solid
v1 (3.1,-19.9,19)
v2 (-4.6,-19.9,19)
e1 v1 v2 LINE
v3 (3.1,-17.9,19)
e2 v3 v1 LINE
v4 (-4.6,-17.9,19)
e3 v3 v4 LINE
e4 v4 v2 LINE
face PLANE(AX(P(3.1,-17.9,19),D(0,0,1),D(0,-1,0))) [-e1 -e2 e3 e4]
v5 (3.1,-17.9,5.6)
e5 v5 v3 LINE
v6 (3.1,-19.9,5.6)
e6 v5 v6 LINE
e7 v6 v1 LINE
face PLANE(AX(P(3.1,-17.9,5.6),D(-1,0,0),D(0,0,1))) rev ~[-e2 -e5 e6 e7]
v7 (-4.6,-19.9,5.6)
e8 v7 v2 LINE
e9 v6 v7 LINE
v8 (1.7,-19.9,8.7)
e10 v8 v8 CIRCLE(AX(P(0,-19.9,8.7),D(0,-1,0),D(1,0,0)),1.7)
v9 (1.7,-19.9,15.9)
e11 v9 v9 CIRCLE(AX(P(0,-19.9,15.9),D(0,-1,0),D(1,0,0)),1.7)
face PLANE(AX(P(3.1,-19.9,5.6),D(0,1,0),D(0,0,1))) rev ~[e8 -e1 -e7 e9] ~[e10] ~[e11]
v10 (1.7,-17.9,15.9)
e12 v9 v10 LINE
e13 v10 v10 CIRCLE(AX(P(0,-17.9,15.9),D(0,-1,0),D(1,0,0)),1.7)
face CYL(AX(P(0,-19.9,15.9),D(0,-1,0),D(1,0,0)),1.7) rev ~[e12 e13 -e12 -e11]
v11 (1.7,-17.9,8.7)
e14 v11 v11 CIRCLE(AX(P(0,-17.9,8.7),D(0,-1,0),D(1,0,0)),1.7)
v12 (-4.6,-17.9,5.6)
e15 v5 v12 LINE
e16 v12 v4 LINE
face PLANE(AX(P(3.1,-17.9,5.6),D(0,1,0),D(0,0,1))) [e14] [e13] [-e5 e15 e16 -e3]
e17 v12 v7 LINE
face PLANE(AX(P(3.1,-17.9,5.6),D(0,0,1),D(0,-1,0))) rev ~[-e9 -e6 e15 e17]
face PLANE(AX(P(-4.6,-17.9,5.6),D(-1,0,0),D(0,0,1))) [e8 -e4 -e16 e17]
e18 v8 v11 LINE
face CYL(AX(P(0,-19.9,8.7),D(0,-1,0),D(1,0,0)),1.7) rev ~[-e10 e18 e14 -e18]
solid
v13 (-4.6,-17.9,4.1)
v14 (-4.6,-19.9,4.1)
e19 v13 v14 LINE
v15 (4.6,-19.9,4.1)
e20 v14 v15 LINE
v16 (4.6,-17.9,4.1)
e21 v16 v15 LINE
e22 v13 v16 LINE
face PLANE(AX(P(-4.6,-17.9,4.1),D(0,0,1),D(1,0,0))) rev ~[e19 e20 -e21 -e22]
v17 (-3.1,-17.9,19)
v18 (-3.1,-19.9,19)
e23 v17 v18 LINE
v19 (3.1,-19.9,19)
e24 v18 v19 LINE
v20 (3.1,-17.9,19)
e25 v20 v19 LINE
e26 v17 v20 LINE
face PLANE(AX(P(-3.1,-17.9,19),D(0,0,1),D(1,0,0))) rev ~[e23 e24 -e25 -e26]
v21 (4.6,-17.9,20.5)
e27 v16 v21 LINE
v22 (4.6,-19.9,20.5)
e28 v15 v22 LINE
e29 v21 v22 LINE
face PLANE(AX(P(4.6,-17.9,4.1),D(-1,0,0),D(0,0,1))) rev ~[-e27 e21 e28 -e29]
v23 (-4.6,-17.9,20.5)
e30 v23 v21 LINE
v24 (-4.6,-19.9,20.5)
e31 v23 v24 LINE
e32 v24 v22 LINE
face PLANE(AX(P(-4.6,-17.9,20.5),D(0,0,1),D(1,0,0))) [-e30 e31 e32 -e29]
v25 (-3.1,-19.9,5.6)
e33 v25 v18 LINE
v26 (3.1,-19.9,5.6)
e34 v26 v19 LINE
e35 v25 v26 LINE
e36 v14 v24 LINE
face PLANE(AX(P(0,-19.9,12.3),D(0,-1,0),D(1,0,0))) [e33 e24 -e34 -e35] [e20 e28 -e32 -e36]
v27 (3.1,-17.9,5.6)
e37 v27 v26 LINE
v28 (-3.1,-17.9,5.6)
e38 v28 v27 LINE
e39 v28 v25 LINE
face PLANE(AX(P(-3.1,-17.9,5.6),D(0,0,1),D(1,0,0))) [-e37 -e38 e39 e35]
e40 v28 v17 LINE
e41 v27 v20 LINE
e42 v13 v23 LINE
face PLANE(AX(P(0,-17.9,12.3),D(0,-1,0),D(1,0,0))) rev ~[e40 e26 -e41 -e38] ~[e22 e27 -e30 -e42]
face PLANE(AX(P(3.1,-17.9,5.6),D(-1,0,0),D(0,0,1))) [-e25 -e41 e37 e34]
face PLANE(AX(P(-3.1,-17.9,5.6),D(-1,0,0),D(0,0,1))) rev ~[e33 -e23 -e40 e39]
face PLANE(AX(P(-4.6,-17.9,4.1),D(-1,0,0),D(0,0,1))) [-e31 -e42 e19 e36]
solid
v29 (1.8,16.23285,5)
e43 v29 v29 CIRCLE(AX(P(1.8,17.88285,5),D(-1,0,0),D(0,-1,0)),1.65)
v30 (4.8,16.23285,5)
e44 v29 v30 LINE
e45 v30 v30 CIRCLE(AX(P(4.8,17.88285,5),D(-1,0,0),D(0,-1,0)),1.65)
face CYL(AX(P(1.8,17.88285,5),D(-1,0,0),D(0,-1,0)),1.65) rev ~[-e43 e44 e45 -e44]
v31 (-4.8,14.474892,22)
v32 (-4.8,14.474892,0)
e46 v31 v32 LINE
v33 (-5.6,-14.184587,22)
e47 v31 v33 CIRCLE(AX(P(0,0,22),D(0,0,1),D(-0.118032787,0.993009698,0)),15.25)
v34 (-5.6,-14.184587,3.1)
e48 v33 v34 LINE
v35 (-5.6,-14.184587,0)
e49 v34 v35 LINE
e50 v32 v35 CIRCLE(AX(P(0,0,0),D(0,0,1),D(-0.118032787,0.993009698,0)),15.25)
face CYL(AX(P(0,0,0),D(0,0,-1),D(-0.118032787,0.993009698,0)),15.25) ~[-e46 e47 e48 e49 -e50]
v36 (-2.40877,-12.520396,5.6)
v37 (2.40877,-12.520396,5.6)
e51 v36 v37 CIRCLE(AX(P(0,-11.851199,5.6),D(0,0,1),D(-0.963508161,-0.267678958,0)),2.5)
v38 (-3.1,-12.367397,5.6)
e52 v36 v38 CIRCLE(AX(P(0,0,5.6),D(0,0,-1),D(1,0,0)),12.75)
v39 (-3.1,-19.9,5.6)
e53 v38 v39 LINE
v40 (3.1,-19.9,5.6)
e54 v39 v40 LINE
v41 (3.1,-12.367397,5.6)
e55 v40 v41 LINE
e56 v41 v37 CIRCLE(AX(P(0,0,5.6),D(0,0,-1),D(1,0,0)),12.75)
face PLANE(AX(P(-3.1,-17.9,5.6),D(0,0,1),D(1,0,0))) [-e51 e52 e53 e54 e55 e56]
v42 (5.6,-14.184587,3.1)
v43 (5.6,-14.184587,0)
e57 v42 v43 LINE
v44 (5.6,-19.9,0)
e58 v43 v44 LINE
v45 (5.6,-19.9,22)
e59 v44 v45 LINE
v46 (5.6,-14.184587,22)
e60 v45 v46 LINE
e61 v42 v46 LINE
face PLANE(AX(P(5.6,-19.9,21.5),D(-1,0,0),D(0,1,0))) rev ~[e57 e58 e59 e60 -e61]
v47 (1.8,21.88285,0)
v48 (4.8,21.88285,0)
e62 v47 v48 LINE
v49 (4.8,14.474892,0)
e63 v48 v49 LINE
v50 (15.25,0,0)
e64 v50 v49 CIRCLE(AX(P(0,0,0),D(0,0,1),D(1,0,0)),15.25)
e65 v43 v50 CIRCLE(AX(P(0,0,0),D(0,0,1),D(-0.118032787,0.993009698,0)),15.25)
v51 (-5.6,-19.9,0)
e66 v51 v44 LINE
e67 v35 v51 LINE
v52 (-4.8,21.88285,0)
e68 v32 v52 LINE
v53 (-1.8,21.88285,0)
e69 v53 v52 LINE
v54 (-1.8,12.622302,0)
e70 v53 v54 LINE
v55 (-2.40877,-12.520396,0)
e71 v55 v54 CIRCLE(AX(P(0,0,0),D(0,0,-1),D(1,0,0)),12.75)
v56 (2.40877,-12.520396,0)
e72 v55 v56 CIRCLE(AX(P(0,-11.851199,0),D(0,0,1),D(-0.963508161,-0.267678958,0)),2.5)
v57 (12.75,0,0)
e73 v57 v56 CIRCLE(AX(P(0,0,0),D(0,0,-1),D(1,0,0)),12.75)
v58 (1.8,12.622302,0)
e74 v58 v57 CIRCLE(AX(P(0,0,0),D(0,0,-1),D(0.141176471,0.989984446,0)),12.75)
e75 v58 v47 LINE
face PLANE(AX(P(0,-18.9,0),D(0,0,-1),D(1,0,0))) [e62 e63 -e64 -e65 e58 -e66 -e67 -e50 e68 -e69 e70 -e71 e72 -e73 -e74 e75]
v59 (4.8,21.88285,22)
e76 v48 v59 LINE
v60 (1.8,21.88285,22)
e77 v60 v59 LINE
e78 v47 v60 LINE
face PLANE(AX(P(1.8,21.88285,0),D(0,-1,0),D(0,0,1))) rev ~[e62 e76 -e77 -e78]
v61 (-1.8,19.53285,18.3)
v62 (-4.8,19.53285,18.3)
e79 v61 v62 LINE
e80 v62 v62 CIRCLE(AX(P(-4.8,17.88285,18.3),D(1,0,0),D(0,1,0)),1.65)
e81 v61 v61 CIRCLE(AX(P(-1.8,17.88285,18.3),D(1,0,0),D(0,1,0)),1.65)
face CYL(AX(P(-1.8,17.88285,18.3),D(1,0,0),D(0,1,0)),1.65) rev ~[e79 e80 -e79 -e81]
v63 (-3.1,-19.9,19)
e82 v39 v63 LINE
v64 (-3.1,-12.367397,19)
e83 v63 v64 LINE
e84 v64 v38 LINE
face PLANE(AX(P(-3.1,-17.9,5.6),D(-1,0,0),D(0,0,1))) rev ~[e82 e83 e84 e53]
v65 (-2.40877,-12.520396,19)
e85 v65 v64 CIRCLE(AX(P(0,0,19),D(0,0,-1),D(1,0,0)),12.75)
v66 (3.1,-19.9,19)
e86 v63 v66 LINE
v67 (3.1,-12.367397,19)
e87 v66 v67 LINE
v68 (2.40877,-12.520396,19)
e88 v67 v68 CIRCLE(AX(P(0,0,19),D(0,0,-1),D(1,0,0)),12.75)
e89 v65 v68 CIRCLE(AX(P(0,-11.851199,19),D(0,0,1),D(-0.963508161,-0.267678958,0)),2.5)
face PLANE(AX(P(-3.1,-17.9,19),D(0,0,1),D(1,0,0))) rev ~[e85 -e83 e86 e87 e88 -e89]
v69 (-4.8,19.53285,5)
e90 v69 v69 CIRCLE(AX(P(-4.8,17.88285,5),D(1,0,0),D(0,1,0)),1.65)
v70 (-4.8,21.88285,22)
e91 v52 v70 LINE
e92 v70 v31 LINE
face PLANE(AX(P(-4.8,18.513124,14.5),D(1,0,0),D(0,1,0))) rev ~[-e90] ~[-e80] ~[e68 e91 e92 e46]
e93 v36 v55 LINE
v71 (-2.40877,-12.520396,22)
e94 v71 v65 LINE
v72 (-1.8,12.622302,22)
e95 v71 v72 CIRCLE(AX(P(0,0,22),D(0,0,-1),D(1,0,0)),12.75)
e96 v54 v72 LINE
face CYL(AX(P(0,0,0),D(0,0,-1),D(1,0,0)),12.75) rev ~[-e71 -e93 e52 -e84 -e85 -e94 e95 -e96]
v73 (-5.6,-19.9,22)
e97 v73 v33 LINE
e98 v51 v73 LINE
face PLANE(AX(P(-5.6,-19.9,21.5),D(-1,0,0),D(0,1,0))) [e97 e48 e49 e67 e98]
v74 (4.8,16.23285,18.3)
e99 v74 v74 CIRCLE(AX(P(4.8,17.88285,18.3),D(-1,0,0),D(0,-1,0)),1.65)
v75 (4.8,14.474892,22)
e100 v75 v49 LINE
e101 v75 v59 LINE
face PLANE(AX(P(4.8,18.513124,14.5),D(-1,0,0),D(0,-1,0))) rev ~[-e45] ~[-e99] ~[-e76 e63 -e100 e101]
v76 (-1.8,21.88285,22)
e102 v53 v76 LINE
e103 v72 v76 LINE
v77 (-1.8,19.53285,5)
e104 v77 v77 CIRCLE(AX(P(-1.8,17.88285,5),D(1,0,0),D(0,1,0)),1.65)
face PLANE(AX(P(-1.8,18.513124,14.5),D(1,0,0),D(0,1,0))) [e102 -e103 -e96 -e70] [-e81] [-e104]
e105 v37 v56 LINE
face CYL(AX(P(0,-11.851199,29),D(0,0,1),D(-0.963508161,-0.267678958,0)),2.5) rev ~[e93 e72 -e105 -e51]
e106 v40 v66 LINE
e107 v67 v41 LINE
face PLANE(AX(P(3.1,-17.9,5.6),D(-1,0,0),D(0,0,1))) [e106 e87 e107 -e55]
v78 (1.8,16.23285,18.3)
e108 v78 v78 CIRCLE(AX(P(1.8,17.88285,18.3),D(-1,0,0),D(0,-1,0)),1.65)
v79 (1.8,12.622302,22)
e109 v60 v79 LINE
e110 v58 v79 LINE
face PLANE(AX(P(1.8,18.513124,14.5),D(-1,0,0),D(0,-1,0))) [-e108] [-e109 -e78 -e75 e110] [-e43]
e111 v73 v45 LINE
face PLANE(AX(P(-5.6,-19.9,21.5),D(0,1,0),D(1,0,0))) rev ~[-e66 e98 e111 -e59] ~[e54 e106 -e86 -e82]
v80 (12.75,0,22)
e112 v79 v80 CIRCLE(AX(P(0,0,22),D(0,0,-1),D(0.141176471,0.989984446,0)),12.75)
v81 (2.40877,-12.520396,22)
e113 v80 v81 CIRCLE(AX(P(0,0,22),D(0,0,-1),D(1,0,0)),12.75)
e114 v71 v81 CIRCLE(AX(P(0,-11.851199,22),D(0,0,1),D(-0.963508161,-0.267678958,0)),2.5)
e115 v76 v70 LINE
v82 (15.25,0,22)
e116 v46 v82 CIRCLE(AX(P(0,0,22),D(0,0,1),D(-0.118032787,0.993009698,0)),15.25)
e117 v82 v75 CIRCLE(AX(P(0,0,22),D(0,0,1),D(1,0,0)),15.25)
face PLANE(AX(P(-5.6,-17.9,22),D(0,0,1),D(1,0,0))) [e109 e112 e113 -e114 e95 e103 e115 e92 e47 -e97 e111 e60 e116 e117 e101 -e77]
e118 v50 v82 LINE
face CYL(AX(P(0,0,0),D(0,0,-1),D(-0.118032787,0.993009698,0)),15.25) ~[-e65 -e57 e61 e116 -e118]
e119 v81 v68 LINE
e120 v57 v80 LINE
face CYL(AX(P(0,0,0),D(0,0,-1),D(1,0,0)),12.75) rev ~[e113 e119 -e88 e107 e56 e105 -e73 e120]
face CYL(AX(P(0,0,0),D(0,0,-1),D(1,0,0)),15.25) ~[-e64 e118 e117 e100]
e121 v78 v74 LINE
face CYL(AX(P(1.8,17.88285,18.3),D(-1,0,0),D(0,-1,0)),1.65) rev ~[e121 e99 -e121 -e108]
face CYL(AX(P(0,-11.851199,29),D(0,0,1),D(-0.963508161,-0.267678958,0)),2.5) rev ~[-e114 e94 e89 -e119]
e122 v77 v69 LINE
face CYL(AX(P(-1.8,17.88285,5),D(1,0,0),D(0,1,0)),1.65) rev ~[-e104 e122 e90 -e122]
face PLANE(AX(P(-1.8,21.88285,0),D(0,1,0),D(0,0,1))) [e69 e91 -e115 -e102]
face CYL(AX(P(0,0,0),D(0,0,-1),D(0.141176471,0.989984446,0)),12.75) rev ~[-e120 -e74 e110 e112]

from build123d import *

# Parameters (mm, degrees)
F1_DEPTH   = 29
F2_W       = 6.7394518952
F2_H       = 29
F2_R       = 1.65
F2_W_2     = 1.2605481048
F3_DEPTH   = 3
F4_W       = 6.7394518952
F4_H       = 29
F4_R       = 1.65
F4_W_2     = 1.2605481048
F5_DEPTH   = 3
F7_W       = 6.2
F7_H       = 13.4
F9_DEPTH   = 25
F8_W       = 11.2
F8_H       = 18.4
F8_W_2     = 6.2
F8_H_2     = 13.4
F10_DEPTH  = 4.1
F11_DEPTH  = 25
F12_W      = 9.2
F12_H      = 16.4
F12_W_2    = 6.2
F12_H_2    = 13.4
F13_DEPTH  = 2
F14_DEPTH  = 7.7
F15_R      = 1.7
F16_DEPTH  = 25
F17_DEPTH  = 2
F19_DEPTH  = 29
F17_FACE_W = 11.2
F17_FACE_H = 2
F20_DEPTH  = 3.1
F21_DEPTH  = 7.5
F22_DEPTH  = 7


with BuildPart() as f1:
    # F0 (on Top) → F1 (new body)
    with BuildSketch(Plane.XY):
        with BuildLine():
            ThreePointArc((1.8, 12.6223016918), (9.6310046205, 8.355013465), (12.75, 0))
            ThreePointArc((12.75, 0), (-8.355013465, -9.6310046205), (-1.8, 12.6223016918))
            Line((-1.8, 12.6223016918), (-1.8, 15.1433979014))
            ThreePointArc((-1.8, 15.1433979014), (-10.1270059741, -11.4020283283), (15.25, 0))
            ThreePointArc((15.25, 0), (11.4020283283, 10.1270059741), (1.8, 15.1433979014))
            Line((1.8, 15.1433979014), (1.8, 12.6223016918))
        make_face()
    extrude(amount=F1_DEPTH)

    # F2 (on face) → F3 (join)
    with BuildSketch(Plane.YZ.offset(-1.8)):
        with Locations((18.513123849, 14.5)):
            Rectangle(F2_W, F2_H)
        with Locations((17.8828497966, 5)):
            Circle(F2_R, mode=Mode.SUBTRACT)
        with Locations((17.8828497966, 18.3)):
            Circle(F2_R, mode=Mode.SUBTRACT)
        with Locations((14.513123849, 14.5)):
            Rectangle(F2_W_2, F2_H)
    extrude(amount=-F3_DEPTH)

    # F4 (on face) → F5 (join)
    with BuildSketch(Plane(origin=(1.8, 0, 0), x_dir=(0, -1, 0), z_dir=(-1, 0, 0))):
        with Locations((-18.513123849, 14.5)):
            Rectangle(F4_W, F4_H)
        with Locations((-17.8828497966, 5)):
            Circle(F4_R, mode=Mode.SUBTRACT)
        with Locations((-17.8828497966, 18.3)):
            Circle(F4_R, mode=Mode.SUBTRACT)
        with Locations((-14.513123849, 14.5)):
            Rectangle(F4_W_2, F4_H)
    extrude(amount=-F5_DEPTH)

    # F7 (on offset) → F9 (cut)
    with BuildSketch(Plane.XZ.offset(13.8)):
        with Locations((0, 12.3)):
            Rectangle(F7_W, F7_H)
    extrude(amount=F9_DEPTH, mode=Mode.SUBTRACT)

    # F8 (on offset) → F10 (join)
    with BuildSketch(Plane.XZ.offset(13.8)):
        with Locations((0, 12.3)):
            Rectangle(F8_W, F8_H)
        with Locations((0, 12.3)):
            Rectangle(F8_W_2, F8_H_2, mode=Mode.SUBTRACT)
    extrude(amount=F10_DEPTH)

    # F11 (cut): a face of the model
    f11_faces = [f1.faces().sort_by_distance(p)[0] for p in [
        (0, -13.8, 12.3),
    ]]
    extrude(f11_faces, amount=-F11_DEPTH, mode=Mode.SUBTRACT)


with BuildPart() as f13:
    # F12 (on face) → F13 (new body)
    with BuildSketch(Plane.XZ.offset(17.9)):
        with Locations((0, 12.3)):
            Rectangle(F12_W, F12_H)
        with Locations((0, 12.3)):
            Rectangle(F12_W_2, F12_H_2, mode=Mode.SUBTRACT)
    extrude(amount=F13_DEPTH)


with BuildPart() as f14:
    # F14 (new, through all): a face of the model
    f14_faces = [f13.part.faces().sort_by_distance(p)[0] for p in [
        (3.1, -18.9, 12.3),
    ]]
    extrude(f14_faces, amount=F14_DEPTH)

    # F15 (on face) → F16 (cut)
    with BuildSketch(Plane.XZ.offset(19.9)):
        with Locations((0, 15.9)):
            Circle(F15_R)
        with Locations((0, 8.7)):
            Circle(F15_R)
    extrude(amount=-F16_DEPTH, mode=Mode.SUBTRACT)


with BuildPart() as f17:
    # F17 (new, through all): a face of the model
    f17_faces = [f1.part.faces().sort_by_distance(p)[0] for p in [
        (5.3845934077, -17.9, 12.3),
    ]]
    extrude(f17_faces, amount=F17_DEPTH)


with BuildPart() as f1_1:
    add(f1.part)

    # F18 (on face) → F19 (cut, through all)
    with BuildSketch(Plane.XY.offset(29)):
        with BuildLine():
            ThreePointArc((2.4087704015, -12.5203963656), (0, -12.75), (-2.4087704015, -12.5203963656))
            ThreePointArc((-2.4087704015, -12.5203963656), (0, -14.3511989713), (2.4087704015, -12.5203963656))
        make_face()
    extrude(amount=-F19_DEPTH, mode=Mode.SUBTRACT)

    add(f17.part)  # F20 merges F17
    # F17_face (on face) + F10_face1 (on face) → F20 (join, through all)
    with BuildSketch(Plane(origin=(0, -18.9, 3.1), x_dir=(1, 0, 0), z_dir=(0, 0, -1))):
        Rectangle(F17_FACE_W, F17_FACE_H)
    with BuildSketch(Plane(origin=(0, -16.3833509028, 3.1), x_dir=(1, 0, 0), z_dir=(0, 0, -1))):
        with BuildLine():
            ThreePointArc((-5.6, -2.1987641975), (0, -1.1333509028), (5.6, -2.1987641975))
            Line((5.6, -2.1987641975), (5.6, 1.5166490972))
            Line((5.6, 1.5166490972), (-5.6, 1.5166490972))
            Line((-5.6, 1.5166490972), (-5.6, -2.1987641975))
        make_face()
    extrude(amount=F20_DEPTH)

    # F21 (add, through all): a face of the model
    f21_faces = [f1_1.faces().sort_by_distance(p)[0] for p in [
        (0, -17.3900060691, 21.5),
    ]]
    extrude(f21_faces, amount=F21_DEPTH)

    # F22 (cut): a face of the model
    f22_faces = [f1_1.faces().sort_by_distance(p)[0] for p in [
        (0, -19.3826938491, 29),
    ]]
    extrude(f22_faces, amount=-F22_DEPTH, mode=Mode.SUBTRACT)


solid = Compound([f13.part, f14.part, f1_1.part])
